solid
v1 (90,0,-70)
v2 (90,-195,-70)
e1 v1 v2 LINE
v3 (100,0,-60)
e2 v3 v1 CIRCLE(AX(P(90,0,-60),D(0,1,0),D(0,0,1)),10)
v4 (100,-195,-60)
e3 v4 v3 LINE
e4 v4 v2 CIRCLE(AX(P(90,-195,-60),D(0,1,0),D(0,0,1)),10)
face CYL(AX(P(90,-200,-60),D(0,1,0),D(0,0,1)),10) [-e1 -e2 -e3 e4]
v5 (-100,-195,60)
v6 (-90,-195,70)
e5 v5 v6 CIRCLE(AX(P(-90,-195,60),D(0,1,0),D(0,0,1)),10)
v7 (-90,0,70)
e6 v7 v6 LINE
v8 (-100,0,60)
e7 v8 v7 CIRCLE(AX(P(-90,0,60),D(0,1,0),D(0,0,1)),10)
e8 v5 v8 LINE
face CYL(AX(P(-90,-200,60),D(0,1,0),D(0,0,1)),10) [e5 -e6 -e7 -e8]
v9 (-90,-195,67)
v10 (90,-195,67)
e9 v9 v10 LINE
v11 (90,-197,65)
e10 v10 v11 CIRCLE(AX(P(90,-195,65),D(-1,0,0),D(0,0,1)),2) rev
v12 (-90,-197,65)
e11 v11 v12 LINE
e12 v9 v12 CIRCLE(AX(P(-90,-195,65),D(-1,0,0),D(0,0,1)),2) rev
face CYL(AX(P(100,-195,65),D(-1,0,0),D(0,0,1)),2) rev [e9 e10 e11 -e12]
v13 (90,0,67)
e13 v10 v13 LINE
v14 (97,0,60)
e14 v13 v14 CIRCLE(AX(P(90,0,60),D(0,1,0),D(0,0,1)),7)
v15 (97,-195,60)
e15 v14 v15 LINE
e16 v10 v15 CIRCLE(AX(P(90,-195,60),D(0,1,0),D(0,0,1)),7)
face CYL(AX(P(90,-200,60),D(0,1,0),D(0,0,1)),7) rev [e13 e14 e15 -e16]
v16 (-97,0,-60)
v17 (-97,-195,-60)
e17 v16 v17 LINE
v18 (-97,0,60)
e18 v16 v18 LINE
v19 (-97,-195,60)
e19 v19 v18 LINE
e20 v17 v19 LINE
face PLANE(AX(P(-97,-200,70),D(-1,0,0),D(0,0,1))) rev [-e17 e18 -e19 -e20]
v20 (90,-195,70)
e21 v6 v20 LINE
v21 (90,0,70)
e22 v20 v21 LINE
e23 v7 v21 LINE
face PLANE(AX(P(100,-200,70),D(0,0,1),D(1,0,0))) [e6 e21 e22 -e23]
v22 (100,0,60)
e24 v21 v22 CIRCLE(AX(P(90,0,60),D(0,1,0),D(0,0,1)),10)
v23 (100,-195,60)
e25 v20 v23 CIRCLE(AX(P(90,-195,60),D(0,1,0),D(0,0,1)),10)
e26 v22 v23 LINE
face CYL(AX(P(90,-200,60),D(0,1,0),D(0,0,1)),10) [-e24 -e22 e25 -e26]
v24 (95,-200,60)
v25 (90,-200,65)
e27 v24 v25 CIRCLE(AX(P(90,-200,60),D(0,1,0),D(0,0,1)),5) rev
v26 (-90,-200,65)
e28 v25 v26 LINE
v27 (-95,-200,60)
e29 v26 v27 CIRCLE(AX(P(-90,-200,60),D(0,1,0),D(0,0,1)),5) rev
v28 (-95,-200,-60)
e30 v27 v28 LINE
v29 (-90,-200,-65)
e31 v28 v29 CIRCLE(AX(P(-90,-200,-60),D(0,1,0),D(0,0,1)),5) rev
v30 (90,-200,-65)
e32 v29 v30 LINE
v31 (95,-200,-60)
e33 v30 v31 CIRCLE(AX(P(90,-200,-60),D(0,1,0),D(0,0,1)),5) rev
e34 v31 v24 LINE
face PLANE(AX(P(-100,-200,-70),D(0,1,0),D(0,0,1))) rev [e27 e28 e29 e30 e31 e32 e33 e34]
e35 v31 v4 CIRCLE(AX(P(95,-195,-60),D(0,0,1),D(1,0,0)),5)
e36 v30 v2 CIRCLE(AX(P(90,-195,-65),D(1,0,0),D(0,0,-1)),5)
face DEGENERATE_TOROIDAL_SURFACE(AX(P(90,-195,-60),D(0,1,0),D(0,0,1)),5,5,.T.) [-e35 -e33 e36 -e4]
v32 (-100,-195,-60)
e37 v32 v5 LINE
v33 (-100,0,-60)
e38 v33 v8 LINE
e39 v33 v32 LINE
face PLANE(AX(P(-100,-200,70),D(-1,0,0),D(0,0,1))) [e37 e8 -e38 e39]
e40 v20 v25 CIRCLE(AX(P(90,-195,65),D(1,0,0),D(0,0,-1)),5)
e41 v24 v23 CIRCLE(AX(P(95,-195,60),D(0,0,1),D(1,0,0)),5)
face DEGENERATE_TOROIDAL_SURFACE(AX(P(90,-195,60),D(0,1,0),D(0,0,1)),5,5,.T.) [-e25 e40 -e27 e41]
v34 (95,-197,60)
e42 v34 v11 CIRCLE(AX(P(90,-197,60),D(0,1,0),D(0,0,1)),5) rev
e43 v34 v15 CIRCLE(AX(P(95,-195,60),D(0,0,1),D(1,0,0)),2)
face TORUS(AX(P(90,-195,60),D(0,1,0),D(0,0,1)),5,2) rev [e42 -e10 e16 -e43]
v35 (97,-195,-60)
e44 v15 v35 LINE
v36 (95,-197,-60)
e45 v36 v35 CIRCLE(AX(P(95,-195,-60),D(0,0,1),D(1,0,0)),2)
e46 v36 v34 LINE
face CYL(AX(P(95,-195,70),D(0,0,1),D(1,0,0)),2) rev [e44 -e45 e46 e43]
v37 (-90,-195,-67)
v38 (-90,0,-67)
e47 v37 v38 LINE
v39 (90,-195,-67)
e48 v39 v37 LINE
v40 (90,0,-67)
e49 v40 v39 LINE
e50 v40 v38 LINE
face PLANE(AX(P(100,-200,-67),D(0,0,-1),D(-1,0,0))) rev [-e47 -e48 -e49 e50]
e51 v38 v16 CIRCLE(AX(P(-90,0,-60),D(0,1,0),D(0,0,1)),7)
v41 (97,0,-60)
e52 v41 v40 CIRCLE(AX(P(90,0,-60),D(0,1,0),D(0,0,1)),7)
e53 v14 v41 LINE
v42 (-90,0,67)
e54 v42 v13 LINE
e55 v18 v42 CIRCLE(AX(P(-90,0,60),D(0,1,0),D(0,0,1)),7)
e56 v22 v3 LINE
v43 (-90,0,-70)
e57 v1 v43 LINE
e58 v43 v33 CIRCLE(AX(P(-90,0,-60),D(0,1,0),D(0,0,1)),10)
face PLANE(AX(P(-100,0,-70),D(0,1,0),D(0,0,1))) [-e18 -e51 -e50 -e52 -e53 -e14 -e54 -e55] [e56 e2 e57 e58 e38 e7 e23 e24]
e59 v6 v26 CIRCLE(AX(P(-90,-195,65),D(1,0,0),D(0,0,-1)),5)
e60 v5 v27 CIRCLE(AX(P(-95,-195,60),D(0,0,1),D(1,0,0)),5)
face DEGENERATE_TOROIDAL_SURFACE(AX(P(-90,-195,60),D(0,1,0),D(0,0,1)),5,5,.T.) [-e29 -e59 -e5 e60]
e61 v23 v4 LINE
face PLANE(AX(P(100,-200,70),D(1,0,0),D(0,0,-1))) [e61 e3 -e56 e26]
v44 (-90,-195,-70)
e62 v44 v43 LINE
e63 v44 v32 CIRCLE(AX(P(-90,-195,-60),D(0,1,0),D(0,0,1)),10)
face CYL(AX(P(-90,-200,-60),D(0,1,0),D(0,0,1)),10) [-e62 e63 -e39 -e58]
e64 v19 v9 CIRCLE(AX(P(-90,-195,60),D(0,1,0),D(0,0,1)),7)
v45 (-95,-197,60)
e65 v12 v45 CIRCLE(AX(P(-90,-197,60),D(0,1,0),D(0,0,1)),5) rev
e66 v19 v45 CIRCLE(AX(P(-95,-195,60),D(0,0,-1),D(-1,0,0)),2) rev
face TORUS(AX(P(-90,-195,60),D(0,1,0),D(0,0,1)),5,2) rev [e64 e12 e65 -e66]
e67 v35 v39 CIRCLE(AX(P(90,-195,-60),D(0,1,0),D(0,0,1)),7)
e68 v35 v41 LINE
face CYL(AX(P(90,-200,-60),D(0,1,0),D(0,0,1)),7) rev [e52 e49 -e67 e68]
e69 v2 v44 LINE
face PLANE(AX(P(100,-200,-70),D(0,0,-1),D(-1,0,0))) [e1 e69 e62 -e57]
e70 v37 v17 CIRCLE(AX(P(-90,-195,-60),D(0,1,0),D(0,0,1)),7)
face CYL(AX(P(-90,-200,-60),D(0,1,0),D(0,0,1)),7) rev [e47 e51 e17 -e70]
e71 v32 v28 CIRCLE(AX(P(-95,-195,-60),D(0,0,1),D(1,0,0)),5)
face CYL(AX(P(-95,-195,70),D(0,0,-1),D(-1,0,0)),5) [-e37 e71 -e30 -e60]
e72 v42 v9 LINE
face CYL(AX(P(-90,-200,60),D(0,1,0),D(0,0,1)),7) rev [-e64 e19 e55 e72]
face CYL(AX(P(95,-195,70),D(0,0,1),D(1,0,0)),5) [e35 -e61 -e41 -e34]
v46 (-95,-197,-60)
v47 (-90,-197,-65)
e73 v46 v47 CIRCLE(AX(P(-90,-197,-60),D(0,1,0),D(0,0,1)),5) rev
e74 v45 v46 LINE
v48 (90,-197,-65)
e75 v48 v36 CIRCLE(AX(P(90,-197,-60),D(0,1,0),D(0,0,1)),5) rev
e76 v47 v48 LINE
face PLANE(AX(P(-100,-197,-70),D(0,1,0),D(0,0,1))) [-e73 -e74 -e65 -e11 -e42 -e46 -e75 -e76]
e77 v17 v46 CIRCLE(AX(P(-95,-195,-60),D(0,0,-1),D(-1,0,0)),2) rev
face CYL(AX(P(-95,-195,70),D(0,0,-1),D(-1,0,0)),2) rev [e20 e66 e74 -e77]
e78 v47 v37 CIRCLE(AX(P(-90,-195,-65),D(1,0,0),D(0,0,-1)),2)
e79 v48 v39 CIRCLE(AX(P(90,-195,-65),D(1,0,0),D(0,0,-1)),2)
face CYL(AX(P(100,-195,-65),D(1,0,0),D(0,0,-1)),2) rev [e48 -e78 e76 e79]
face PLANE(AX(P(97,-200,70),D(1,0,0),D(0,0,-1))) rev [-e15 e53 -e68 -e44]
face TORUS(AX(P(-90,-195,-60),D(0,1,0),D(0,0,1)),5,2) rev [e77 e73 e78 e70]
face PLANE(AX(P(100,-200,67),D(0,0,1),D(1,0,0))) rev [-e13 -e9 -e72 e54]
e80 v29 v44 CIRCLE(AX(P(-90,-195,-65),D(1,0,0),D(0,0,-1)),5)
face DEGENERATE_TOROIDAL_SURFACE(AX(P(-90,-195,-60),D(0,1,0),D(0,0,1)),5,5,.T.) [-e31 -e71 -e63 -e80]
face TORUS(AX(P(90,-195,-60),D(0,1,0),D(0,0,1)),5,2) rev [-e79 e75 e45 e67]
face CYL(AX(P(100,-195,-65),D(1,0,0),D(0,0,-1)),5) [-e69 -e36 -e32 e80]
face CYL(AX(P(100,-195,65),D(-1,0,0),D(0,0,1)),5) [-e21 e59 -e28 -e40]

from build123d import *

# Parameters (mm, degrees)
CROQUIS1_W     = 200
CROQUIS1_H     = 140
EXTRUIR1_DEPTH = 200
REDONDEO1_R    = 10
REDONDEO2_R    = 5
VACIADO1_T     = -3


with BuildPart() as part:
    # Croquis1 → Extruir1 (new body)
    with BuildSketch(Plane(origin=(0, 0, 0), x_dir=(1, 0, 0), z_dir=(0, 1, 0))):
        Rectangle(CROQUIS1_W, CROQUIS1_H)
    extrude(amount=-EXTRUIR1_DEPTH)

    # Redondeo1
    redondeo1_edges = [part.edges().sort_by_distance(p)[0] for p in [
        (-100, -100, -70),
        (100, -100, -70),
        (100, -100, 70),
        (-100, -100, 70),
    ]]
    fillet(redondeo1_edges, radius=REDONDEO1_R)

    # Redondeo2
    redondeo2_edges = [part.edges().sort_by_distance(p)[0] for p in [
        (-100, -200, 0),
        (0, -200, 70),
        (0, -200, -70),
        (100, -200, 0),
        (97.071067812, -200, -67.071067812),
        (97.071067812, -200, 67.071067812),
        (-97.071067812, -200, -67.071067812),
        (-97.071067812, -200, 67.071067812),
    ]]
    fillet(redondeo2_edges, radius=REDONDEO2_R)

    # Vaciado1
    vaciado1_openings = [part.faces().sort_by_distance(p)[0] for p in [
        (0, 0, 0),
    ]]
    offset(amount=VACIADO1_T, openings=vaciado1_openings, kind=Kind.INTERSECTION)


solid = part.part
